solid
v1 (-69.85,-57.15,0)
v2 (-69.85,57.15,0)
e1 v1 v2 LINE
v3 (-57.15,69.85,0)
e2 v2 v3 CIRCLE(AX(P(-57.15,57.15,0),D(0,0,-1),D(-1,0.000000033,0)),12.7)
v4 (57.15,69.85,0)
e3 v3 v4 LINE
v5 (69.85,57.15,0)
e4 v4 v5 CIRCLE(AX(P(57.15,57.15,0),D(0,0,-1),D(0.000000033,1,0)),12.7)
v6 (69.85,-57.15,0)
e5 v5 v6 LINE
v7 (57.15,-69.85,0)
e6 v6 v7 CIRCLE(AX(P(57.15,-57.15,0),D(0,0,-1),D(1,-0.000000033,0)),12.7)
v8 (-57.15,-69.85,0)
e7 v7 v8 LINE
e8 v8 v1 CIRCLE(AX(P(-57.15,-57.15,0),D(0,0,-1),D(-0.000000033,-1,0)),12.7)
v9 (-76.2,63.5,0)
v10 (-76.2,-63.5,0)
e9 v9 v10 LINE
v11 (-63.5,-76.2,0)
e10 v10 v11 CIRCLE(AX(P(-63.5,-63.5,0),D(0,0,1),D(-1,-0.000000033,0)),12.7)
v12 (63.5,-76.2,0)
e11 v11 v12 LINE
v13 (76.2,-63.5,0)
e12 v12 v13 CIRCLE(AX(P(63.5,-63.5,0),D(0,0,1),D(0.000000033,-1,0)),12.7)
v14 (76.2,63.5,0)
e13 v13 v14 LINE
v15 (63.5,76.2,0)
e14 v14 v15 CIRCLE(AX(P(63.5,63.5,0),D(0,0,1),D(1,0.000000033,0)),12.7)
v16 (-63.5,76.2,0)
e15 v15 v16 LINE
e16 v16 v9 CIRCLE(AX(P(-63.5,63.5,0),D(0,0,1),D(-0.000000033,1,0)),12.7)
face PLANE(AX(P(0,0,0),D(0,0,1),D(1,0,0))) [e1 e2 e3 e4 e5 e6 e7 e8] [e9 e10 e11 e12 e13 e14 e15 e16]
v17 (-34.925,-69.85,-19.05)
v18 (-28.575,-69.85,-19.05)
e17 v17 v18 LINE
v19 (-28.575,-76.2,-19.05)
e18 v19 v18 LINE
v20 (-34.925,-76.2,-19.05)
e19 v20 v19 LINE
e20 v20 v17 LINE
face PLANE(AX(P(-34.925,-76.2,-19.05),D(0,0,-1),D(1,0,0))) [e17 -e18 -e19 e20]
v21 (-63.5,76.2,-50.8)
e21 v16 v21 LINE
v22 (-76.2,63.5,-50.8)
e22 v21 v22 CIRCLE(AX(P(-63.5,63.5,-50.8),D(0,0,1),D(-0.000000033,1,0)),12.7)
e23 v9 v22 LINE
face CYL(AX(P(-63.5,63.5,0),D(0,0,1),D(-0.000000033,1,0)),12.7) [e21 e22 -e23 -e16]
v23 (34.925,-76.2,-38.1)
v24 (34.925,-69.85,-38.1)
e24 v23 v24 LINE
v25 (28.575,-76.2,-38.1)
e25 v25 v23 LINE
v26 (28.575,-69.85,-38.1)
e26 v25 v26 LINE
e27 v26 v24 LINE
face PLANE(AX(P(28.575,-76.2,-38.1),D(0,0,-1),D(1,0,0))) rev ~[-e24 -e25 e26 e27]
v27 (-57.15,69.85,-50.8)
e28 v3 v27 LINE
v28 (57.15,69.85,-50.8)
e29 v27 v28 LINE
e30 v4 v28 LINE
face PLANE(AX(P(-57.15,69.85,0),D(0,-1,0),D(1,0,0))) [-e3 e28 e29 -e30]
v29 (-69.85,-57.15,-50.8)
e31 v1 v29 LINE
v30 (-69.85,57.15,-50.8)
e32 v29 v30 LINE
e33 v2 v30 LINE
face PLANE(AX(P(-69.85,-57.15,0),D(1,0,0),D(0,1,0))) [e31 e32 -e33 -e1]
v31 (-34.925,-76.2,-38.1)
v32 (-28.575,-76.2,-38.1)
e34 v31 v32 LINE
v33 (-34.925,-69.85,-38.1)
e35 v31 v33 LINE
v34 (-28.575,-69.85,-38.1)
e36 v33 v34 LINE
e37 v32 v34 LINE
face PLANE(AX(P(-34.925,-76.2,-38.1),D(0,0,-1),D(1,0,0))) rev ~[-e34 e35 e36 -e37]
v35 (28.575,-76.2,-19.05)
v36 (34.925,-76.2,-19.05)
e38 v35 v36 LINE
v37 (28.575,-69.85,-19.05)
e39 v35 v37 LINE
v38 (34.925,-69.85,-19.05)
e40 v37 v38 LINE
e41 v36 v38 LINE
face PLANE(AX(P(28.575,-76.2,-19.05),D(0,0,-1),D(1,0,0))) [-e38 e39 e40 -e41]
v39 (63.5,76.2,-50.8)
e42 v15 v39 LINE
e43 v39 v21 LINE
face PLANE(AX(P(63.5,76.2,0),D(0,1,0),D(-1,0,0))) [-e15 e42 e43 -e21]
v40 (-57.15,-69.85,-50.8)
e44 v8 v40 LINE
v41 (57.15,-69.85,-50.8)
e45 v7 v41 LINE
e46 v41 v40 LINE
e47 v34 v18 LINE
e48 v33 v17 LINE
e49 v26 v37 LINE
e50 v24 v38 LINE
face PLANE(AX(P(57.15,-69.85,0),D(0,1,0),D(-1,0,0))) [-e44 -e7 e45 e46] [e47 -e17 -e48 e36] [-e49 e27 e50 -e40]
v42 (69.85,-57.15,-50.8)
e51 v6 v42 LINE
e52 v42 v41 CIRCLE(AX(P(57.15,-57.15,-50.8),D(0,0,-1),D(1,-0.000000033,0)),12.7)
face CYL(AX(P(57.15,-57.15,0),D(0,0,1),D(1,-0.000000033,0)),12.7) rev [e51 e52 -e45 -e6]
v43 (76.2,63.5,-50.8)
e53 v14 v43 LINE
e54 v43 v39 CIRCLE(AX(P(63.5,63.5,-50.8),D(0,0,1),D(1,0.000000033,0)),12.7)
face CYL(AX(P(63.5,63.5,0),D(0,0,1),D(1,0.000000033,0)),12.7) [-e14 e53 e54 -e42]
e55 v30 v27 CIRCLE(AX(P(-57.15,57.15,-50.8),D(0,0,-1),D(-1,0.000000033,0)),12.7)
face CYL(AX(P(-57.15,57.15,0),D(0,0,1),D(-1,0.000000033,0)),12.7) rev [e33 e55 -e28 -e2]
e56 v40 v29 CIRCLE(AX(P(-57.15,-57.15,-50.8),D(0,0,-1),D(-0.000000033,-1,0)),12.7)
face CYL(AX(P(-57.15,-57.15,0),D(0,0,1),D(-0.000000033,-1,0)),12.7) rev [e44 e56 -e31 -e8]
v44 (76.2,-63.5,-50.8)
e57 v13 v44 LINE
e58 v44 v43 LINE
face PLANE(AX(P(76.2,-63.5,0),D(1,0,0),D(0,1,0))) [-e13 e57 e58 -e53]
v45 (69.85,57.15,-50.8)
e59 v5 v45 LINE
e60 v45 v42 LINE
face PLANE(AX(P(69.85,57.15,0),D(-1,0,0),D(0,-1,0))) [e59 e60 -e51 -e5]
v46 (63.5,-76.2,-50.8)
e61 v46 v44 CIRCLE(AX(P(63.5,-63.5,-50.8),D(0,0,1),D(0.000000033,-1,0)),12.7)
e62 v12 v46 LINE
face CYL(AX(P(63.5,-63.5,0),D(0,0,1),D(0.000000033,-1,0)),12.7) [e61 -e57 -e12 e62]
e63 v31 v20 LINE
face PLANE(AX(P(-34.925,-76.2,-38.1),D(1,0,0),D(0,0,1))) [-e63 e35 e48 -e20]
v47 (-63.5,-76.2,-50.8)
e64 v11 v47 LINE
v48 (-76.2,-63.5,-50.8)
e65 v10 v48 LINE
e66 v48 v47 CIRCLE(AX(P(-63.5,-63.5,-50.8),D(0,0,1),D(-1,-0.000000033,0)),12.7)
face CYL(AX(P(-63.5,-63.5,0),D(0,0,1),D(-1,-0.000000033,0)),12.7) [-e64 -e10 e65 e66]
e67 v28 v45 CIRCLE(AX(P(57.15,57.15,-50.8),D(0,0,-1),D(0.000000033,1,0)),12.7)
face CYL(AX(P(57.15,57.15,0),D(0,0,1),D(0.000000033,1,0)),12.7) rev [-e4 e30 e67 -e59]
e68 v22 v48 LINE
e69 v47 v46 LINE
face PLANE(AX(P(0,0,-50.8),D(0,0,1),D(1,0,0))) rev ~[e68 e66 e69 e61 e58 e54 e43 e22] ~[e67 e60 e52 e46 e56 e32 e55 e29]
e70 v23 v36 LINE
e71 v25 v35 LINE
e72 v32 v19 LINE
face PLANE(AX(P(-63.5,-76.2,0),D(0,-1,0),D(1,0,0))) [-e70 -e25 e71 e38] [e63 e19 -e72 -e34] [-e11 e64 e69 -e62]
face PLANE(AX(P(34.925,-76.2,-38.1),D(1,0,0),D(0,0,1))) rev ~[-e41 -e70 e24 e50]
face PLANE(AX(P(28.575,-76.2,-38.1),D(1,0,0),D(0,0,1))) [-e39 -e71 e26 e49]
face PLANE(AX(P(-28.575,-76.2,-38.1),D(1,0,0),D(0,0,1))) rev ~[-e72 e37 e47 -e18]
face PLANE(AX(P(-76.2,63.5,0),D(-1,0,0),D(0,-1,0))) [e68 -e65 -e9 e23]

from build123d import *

# Parameters (mm, degrees)
F1_DEPTH = 50.8
F2_W     = 6.35
F2_H     = 19.05
F3_DEPTH = 6.35


with BuildPart() as f1:
    # F0 (on Top) → F1 (new body)
    with BuildSketch(Plane.XY):
        with BuildLine():
            Line((63.5, 76.2), (-63.5, 76.2))
            ThreePointArc((-63.5, 76.2), (-72.480256, 72.480256), (-76.2, 63.5))
            Line((-76.2, 63.5), (-76.2, -63.5))
            ThreePointArc((-76.2, -63.5), (-72.480256, -72.480256), (-63.5, -76.2))
            Line((-63.5, -76.2), (63.5, -76.2))
            ThreePointArc((63.5, -76.2), (72.480256, -72.480256), (76.2, -63.5))
            Line((76.2, -63.5), (76.2, 63.5))
            ThreePointArc((76.2, 63.5), (72.480256, 72.480256), (63.5, 76.2))
        make_face()
        with BuildLine():
            ThreePointArc((-69.85, 57.15), (-66.130256, 66.130256), (-57.15, 69.85))
            Line((-57.15, 69.85), (0, 69.85))
            Line((0, 69.85), (57.15, 69.85))
            ThreePointArc((57.15, 69.85), (66.130256, 66.130256), (69.85, 57.15))
            Line((69.85, 57.15), (69.85, 0))
            Line((69.85, 0), (69.85, -57.15))
            ThreePointArc((69.85, -57.15), (66.130256, -66.130256), (57.15, -69.85))
            Line((57.15, -69.85), (0, -69.85))
            Line((0, -69.85), (-57.15, -69.85))
            ThreePointArc((-57.15, -69.85), (-66.130256, -66.130256), (-69.85, -57.15))
            Line((-69.85, -57.15), (-69.85, 0))
            Line((-69.85, 0), (-69.85, 57.15))
        make_face(mode=Mode.SUBTRACT)
    extrude(amount=-F1_DEPTH)

    # F2 (on face) → F3 (cut)
    with BuildSketch(Plane.XZ.offset(76.2)):
        with Locations((-31.75, -28.575)):
            Rectangle(F2_W, F2_H)
        with Locations((31.75, -28.575)):
            Rectangle(F2_W, F2_H)
    extrude(amount=-F3_DEPTH, mode=Mode.SUBTRACT)


solid = f1.part
